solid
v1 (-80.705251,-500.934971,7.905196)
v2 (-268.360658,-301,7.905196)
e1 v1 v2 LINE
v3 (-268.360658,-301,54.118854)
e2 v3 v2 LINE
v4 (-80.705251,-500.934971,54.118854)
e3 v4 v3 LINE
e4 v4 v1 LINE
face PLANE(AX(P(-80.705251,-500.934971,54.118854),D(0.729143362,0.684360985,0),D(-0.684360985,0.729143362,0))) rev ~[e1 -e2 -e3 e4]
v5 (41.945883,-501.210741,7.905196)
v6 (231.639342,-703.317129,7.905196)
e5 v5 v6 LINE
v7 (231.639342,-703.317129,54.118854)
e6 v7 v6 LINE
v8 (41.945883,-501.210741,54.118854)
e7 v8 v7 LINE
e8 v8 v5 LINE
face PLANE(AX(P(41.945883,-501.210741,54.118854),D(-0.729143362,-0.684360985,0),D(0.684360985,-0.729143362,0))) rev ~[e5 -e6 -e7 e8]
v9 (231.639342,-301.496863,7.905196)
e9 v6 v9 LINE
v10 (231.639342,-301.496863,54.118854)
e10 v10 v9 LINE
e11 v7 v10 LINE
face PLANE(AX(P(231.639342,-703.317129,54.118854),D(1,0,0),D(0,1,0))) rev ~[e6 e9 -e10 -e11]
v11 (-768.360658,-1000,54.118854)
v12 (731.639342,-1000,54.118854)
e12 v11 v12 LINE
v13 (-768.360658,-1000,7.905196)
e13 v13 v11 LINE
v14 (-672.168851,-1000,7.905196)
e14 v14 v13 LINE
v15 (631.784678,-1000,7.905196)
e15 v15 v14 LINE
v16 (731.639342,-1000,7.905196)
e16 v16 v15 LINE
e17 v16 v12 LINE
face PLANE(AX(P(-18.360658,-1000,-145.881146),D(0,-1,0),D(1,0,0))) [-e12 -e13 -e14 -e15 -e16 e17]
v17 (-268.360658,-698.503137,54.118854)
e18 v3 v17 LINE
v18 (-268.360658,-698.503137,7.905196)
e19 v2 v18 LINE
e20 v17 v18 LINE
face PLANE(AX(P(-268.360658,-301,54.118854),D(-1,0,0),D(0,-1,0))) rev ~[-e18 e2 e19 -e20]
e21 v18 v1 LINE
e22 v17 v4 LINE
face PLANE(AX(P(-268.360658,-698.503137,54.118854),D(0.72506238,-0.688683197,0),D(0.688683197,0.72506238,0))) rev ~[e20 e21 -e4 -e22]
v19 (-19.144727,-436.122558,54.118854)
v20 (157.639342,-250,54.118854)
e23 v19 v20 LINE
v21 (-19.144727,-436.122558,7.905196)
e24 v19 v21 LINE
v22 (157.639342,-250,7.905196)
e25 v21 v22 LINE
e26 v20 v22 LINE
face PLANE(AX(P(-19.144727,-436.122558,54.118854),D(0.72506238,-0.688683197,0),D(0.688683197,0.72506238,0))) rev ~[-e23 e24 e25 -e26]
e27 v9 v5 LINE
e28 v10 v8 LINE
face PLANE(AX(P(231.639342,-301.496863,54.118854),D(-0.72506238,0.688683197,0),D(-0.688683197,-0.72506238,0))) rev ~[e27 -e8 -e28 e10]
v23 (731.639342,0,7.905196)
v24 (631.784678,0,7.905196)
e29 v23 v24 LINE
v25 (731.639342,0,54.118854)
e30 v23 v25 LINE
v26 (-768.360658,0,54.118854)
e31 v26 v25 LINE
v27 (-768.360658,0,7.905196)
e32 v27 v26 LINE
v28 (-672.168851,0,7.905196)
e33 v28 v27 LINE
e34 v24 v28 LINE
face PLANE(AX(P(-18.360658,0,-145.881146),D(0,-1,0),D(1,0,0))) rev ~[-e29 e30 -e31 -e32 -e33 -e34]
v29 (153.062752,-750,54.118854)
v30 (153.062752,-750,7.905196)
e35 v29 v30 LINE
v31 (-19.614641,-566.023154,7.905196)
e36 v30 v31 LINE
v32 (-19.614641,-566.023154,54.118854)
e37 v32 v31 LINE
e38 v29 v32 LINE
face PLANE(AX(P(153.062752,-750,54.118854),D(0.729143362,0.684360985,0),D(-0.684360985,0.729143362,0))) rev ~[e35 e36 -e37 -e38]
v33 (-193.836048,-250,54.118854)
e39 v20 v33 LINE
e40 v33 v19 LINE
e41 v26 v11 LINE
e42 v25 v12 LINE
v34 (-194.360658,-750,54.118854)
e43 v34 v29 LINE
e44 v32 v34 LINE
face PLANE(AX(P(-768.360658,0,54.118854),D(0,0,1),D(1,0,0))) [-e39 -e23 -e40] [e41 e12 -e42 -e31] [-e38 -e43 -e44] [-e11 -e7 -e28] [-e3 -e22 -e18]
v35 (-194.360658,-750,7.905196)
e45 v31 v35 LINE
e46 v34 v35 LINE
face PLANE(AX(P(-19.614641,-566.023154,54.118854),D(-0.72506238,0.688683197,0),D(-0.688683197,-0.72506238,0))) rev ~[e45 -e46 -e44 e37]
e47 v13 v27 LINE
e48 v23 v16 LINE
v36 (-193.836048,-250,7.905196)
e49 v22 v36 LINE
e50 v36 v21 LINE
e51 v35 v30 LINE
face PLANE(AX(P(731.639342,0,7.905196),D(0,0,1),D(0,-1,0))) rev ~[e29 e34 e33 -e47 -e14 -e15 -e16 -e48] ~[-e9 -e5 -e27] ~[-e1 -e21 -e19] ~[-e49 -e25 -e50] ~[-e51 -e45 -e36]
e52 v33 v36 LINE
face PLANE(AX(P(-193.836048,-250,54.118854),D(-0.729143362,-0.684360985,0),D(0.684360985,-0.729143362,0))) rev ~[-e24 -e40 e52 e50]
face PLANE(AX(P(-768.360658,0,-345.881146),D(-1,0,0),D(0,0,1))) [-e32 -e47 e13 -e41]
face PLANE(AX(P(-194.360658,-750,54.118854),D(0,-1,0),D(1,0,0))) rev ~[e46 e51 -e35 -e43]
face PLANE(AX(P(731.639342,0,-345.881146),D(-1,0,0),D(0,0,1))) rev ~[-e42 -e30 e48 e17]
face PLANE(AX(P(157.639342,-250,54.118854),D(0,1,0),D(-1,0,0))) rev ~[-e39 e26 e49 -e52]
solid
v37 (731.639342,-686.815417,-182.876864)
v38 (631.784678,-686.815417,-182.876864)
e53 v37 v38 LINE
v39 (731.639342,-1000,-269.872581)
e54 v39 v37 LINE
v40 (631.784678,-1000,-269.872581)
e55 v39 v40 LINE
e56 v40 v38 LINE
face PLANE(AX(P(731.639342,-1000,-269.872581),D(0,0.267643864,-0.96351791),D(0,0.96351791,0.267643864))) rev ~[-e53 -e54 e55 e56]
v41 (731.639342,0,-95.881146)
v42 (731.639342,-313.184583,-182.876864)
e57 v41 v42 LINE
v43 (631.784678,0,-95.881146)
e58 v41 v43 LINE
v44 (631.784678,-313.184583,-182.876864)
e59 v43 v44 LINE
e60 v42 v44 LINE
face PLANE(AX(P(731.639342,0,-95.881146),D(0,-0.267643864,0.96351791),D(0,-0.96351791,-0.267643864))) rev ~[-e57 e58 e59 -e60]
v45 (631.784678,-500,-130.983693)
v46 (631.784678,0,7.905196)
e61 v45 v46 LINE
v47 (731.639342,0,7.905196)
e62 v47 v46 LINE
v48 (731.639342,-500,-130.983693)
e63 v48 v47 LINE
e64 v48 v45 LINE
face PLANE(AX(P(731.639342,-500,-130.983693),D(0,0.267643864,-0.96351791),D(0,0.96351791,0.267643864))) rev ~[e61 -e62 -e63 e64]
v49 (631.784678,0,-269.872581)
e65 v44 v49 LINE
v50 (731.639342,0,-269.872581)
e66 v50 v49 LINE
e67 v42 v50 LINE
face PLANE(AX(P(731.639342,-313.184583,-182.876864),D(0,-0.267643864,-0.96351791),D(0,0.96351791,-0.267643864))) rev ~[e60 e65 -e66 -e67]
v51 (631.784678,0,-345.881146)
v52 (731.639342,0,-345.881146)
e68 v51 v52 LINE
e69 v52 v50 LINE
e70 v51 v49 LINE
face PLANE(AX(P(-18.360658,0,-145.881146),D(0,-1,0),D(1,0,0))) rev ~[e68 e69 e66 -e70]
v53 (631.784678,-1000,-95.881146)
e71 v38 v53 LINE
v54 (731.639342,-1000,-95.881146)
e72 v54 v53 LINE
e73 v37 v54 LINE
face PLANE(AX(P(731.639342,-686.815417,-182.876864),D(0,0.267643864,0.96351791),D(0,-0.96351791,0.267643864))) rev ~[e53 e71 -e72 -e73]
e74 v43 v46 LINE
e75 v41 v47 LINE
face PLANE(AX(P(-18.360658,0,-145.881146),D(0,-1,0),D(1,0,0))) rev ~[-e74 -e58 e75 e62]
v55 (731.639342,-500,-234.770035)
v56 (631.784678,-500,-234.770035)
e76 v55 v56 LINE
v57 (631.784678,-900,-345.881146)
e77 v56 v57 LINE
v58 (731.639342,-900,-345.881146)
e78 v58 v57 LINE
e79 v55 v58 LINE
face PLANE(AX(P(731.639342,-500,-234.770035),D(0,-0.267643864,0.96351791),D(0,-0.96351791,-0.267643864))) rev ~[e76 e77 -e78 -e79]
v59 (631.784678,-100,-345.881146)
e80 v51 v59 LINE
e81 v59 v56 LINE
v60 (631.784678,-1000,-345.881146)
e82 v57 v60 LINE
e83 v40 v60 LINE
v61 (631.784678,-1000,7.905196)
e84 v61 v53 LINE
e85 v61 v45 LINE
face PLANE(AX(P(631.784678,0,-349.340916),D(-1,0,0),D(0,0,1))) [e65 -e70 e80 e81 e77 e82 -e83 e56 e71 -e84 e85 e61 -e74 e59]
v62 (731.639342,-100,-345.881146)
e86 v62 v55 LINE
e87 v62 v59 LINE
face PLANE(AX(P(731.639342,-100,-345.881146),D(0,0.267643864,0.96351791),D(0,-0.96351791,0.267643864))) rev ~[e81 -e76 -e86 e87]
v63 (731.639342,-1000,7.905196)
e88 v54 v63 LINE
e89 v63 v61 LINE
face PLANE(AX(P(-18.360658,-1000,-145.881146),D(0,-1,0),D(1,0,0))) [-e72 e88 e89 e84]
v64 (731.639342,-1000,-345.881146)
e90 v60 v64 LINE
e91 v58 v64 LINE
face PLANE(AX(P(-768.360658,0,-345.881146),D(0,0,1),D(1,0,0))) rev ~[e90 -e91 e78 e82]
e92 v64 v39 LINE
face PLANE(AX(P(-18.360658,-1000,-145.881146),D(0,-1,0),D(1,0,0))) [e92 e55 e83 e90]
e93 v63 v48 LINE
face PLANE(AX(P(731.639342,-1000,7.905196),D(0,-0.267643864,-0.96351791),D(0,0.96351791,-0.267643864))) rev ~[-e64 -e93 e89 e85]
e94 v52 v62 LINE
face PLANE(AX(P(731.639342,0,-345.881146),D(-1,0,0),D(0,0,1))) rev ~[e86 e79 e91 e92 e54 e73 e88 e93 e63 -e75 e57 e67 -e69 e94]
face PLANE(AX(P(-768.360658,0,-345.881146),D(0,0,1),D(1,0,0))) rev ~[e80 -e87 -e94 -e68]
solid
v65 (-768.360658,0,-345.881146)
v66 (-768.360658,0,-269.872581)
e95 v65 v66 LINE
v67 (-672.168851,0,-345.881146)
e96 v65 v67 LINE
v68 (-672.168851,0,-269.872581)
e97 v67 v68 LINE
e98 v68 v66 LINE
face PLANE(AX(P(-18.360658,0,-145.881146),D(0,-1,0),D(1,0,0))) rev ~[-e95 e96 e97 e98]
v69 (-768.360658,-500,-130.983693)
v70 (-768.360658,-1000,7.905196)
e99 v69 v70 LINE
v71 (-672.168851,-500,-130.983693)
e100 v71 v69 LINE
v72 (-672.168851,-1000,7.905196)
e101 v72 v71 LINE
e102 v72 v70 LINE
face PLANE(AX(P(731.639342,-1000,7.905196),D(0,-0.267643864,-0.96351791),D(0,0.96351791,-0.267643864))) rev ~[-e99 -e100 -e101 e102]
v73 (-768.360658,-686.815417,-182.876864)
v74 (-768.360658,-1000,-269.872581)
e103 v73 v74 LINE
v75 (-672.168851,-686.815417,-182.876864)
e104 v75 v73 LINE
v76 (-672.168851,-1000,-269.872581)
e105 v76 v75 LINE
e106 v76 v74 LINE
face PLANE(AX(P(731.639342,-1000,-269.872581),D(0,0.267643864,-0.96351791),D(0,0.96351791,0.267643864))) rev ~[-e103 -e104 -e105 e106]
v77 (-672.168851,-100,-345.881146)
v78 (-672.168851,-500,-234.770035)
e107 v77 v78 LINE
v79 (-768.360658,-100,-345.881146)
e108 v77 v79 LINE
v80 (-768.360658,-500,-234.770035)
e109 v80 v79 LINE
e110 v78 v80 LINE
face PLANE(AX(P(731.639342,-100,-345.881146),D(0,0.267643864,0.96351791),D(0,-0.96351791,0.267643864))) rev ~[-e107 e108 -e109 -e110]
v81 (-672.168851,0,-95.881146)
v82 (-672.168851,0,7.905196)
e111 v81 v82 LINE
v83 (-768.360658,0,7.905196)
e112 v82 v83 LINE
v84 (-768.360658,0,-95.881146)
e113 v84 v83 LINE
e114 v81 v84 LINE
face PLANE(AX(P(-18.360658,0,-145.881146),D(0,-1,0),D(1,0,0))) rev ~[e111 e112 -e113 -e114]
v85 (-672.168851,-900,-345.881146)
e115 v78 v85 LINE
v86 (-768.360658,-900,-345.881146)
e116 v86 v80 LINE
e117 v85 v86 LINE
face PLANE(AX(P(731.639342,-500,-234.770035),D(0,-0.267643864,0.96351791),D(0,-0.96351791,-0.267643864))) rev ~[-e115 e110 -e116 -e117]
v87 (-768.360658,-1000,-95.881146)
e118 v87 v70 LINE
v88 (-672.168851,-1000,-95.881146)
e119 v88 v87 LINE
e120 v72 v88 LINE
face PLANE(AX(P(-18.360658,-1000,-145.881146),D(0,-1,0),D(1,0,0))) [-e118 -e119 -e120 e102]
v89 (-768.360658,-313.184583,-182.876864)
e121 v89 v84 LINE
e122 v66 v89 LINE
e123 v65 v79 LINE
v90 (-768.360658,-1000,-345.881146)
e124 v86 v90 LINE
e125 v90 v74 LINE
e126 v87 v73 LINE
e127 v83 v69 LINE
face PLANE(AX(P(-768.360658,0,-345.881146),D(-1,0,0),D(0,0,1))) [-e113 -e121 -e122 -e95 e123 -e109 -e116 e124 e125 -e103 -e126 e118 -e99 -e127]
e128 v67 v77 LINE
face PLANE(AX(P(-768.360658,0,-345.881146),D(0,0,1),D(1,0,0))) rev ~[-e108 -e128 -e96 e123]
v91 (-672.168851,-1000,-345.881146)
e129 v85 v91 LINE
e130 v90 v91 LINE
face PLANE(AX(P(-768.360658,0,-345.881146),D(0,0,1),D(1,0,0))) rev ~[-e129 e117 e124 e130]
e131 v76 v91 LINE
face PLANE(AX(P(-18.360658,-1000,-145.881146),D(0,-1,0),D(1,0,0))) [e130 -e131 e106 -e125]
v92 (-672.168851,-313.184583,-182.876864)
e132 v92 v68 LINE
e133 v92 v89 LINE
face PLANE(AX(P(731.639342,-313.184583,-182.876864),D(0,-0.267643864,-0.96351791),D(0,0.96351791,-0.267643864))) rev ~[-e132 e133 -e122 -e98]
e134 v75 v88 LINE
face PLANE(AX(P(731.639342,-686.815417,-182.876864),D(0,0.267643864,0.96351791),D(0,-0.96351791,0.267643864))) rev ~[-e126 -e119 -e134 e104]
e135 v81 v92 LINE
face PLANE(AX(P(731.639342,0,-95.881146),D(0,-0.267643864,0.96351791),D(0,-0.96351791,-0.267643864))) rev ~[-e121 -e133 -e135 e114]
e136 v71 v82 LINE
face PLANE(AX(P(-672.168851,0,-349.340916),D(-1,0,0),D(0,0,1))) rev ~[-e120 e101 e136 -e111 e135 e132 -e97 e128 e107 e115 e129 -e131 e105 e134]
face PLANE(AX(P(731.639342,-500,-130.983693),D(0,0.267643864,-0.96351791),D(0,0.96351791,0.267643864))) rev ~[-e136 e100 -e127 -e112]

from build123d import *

# Parameters (mm, degrees)
F0_W     = 1500
F0_H     = 400
F1_DEPTH = 1000
F3_DEPTH = 1500.001
F5_W     = 1303.9535284042
F5_H     = 357.2461120359
F6_DEPTH = 1000.001
F8_DEPTH = 400.001


with BuildPart() as f1:
    # F0 (on Front) → F1 (new body)
    with BuildSketch(Plane.XZ):
        with Locations((-18.3606576174, -145.8811463788)):
            Rectangle(F0_W, F0_H)
    extrude(amount=F1_DEPTH)

    # F2 (on face) → F3 (cut, through all)
    with BuildSketch(Plane.YZ.offset(731.6393423826)):
        Polygon((-1000, 7.905196356), (-500, -130.9836925329), (0, 7.905196356), align=None)
        Polygon((-500, -234.7700352677), (-900, -345.8811463788), (-100, -345.8811463788), align=None)
        Polygon((0, -95.8811463788), (-313.1845830773, -182.8768639003), (0, -269.8725814218), align=None)
        Polygon((-1000, -269.8725814218), (-686.8154169227, -182.8768639003), (-1000, -95.8811463788), align=None)
    extrude(amount=-F3_DEPTH, mode=Mode.SUBTRACT)

    # F5 (on face) → F6 (cut, through all)
    with BuildSketch(Plane(origin=(0, 0, 0), x_dir=(-1, 0, 0), z_dir=(0, 1, 0))):
        with Locations((20.1920866966, -170.717859662)):
            Rectangle(F5_W, F5_H)
    extrude(amount=-F6_DEPTH, mode=Mode.SUBTRACT)

    # F7 (on face) → F8 (cut, through all)
    with BuildSketch(Plane.XY.offset(54.1188536212)):
        Polygon((231.6393423826, -703.3171292919), (231.6393423826, -301.4968633652), (41.9458825629, -501.2107406615), align=None)
        Polygon((153.0627522819, -750), (-19.6146414143, -566.0231540339), (-194.3606576174, -750), align=None)
        Polygon((-268.3606576174, -698.5031366348), (-80.7052512791, -500.9349714958), (-268.3606576174, -301), align=None)
        Polygon((-19.144727302, -436.1225581235), (157.6393423826, -250), (-193.8360482454, -250), align=None)
    extrude(amount=-F8_DEPTH, mode=Mode.SUBTRACT)


solid = f1.part
